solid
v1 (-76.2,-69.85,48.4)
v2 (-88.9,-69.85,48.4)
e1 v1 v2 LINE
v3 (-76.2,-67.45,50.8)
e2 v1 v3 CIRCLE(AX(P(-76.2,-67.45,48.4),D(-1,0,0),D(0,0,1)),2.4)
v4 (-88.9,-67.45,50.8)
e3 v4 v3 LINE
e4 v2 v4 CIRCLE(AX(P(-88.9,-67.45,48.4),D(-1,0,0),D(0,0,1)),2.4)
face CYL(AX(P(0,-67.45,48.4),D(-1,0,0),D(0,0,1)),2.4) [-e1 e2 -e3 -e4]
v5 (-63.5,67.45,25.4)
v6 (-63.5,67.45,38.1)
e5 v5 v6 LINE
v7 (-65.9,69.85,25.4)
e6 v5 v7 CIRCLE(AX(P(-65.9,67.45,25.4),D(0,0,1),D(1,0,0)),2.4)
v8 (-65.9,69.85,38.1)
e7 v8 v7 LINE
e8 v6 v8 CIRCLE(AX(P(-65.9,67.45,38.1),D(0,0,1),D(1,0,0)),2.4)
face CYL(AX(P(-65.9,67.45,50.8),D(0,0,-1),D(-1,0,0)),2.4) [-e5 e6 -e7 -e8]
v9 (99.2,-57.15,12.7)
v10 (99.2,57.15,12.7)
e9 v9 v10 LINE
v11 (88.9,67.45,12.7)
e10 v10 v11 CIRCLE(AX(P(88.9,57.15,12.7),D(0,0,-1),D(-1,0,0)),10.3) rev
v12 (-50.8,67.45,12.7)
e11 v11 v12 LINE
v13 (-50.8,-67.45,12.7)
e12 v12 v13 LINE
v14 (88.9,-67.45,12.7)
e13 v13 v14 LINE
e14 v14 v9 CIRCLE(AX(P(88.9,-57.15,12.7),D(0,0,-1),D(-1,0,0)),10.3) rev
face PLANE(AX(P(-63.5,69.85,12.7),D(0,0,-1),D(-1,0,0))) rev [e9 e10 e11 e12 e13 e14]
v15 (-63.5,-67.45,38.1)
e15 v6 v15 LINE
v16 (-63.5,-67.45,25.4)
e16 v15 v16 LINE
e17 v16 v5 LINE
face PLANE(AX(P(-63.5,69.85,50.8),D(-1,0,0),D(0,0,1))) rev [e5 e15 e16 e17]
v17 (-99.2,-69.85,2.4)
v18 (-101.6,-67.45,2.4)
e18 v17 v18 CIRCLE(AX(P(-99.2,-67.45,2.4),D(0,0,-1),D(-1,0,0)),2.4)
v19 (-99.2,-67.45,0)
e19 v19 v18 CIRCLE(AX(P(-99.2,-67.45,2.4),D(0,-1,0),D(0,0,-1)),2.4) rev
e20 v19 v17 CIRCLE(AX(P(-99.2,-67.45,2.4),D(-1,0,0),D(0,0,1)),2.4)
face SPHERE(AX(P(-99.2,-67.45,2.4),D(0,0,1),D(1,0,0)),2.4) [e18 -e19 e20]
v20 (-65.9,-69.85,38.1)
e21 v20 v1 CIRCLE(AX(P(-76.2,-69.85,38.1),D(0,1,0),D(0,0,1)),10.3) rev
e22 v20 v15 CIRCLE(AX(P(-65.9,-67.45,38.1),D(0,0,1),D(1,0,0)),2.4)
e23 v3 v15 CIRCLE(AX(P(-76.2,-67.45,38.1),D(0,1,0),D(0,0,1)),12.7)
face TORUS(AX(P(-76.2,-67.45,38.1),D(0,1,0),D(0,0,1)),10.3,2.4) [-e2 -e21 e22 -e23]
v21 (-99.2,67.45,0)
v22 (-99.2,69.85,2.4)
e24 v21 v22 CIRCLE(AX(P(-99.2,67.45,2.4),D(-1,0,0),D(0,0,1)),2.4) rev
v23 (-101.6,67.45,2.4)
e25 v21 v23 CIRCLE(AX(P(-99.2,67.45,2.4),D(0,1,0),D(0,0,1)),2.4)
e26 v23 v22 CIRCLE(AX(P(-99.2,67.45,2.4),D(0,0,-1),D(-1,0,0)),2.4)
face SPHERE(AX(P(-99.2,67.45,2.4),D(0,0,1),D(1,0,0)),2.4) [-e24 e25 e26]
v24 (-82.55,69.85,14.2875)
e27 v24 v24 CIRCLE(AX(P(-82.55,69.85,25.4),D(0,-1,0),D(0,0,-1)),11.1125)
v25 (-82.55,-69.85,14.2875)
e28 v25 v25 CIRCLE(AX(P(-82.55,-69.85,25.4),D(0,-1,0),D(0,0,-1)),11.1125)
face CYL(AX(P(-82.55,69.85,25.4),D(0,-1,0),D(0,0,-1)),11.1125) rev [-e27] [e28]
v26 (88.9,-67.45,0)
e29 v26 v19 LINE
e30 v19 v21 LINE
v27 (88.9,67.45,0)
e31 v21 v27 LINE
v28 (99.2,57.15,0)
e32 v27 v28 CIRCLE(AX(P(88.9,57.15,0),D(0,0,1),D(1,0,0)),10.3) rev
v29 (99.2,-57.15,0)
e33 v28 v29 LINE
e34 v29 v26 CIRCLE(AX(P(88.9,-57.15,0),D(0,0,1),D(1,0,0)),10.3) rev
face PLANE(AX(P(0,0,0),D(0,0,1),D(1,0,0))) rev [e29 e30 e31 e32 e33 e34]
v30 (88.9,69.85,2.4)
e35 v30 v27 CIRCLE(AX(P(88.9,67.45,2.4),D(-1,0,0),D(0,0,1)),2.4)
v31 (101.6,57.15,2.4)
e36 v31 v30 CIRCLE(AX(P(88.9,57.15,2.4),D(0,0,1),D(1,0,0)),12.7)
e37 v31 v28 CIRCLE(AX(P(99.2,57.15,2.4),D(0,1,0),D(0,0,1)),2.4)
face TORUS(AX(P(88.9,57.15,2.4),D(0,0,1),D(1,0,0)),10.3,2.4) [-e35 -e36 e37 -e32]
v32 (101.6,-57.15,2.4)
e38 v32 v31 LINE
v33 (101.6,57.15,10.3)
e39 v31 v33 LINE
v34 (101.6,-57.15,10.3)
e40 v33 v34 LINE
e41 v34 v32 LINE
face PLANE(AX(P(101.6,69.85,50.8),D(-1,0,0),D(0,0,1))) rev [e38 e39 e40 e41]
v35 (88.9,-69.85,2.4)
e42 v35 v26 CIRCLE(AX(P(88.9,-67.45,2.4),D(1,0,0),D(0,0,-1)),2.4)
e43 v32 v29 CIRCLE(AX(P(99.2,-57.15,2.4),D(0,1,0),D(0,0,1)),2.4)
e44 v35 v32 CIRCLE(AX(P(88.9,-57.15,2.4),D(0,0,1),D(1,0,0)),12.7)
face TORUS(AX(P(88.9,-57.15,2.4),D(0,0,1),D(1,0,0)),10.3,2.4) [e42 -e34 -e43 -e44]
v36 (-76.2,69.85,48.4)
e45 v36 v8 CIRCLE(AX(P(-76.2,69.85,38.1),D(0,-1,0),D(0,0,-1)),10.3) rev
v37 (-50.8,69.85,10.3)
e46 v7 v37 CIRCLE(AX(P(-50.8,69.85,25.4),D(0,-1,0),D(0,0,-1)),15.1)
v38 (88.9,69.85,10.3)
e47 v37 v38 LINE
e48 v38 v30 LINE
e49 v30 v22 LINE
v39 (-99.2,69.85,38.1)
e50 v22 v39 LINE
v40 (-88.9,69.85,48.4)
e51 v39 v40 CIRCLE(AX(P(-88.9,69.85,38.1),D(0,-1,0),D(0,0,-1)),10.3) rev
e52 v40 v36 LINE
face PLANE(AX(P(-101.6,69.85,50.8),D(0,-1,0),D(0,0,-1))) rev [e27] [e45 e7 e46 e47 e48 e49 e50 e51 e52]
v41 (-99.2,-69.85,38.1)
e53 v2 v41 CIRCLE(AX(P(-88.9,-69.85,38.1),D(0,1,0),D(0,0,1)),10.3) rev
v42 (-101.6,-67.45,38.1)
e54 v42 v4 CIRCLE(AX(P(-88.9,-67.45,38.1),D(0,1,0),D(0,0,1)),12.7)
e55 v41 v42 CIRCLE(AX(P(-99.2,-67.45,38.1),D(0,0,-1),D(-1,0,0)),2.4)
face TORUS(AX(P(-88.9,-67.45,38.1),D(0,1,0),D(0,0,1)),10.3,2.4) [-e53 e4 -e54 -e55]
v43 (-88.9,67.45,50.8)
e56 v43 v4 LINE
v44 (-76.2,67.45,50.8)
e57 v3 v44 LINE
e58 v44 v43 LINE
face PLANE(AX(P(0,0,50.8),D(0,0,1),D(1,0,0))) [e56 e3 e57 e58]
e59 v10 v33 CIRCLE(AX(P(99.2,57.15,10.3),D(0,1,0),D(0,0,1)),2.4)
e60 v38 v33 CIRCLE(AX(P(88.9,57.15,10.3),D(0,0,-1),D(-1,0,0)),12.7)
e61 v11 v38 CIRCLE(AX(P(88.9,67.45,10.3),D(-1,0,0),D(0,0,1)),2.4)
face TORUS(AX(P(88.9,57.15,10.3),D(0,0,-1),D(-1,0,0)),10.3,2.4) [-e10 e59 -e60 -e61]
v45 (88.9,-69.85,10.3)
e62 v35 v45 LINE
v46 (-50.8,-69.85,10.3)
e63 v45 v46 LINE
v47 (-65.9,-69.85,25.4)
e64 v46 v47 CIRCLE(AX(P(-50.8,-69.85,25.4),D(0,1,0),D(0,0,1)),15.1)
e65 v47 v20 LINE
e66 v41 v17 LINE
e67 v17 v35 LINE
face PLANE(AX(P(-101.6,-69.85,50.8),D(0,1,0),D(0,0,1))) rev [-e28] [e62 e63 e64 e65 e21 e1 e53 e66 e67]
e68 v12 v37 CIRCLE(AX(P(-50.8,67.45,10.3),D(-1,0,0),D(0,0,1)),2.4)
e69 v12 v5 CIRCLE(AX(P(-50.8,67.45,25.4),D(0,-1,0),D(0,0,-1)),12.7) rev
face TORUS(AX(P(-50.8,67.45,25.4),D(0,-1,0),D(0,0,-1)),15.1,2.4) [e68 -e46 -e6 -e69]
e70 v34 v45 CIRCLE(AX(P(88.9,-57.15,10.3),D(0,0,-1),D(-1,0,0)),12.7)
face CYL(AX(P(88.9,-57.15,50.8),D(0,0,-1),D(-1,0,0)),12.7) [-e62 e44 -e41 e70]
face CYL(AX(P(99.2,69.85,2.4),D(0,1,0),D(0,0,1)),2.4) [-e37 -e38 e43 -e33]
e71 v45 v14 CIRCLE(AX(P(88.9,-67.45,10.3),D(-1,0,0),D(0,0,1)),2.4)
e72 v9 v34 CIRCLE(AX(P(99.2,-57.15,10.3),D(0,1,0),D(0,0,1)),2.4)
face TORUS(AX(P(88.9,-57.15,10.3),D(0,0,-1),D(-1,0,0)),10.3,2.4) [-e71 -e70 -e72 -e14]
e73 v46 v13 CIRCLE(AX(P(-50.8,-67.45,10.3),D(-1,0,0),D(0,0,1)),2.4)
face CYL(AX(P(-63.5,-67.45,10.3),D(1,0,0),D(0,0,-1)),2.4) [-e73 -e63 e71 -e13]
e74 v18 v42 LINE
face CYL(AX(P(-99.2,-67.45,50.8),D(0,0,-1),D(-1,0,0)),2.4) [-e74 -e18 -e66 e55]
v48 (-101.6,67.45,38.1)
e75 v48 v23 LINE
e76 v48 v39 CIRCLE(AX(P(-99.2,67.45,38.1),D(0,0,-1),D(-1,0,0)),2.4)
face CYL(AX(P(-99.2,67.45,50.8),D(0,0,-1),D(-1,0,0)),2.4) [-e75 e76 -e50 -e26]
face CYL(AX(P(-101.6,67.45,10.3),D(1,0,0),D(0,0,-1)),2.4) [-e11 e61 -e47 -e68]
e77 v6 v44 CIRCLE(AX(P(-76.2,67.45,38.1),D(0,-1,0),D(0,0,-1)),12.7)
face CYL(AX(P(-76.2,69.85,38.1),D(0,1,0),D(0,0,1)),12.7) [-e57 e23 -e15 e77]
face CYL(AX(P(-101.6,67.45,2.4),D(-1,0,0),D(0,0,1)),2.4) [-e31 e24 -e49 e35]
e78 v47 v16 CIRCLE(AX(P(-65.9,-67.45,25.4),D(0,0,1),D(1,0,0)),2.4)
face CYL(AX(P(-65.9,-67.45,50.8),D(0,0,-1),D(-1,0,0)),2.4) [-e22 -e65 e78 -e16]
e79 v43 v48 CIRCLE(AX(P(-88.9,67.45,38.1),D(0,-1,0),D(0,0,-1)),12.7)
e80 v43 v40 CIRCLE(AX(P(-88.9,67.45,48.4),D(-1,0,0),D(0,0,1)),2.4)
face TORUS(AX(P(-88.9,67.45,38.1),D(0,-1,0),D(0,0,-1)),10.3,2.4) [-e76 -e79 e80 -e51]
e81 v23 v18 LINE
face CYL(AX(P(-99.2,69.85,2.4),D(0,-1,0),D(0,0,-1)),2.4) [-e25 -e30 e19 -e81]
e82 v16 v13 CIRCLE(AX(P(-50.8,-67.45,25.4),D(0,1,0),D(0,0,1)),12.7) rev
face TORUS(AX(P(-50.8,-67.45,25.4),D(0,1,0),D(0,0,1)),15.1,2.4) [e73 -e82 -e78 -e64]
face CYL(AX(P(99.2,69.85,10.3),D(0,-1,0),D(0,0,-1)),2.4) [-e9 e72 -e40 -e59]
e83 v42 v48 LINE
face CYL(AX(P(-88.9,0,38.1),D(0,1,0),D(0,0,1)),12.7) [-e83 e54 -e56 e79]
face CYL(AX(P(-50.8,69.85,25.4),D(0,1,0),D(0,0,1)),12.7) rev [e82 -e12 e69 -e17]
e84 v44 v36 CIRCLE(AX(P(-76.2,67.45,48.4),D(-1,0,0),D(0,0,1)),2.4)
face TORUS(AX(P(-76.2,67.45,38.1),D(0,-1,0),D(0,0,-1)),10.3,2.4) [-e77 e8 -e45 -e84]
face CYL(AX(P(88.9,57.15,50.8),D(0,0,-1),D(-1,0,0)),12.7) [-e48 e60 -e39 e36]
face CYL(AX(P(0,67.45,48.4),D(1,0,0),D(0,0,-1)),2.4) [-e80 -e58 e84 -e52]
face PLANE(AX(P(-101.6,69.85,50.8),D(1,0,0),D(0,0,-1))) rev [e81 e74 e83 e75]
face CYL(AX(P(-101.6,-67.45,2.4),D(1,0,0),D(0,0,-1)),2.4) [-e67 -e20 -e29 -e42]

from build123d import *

# Parameters (mm, degrees)
CROQUIS1_W              = 203.2
CROQUIS1_H              = 139.7
SALIENTE_EXTRUIR1_DEPTH = 50.8
CROQUIS2_W              = 165.1
CROQUIS2_H              = 38.1
CORTAR_EXTRUIR1_DEPTH   = 181.05357536
CROQUIS3_R              = 11.1125
CORTAR_EXTRUIR2_DEPTH   = 181.05357536
REDONDEO1_R             = 12.7
REDONDEO2_R             = 12.7
REDONDEO3_R             = 2.4


with BuildPart() as part:
    # Croquis1 → Saliente-Extruir1 (new body)
    with BuildSketch(Plane.XY):
        Rectangle(CROQUIS1_W, CROQUIS1_H)
    extrude(amount=SALIENTE_EXTRUIR1_DEPTH)

    # Croquis2 → Cortar-Extruir1 (cut, through all)
    with BuildSketch(Plane.XZ.offset(69.85)):
        with Locations((19.05, 31.75)):
            Rectangle(CROQUIS2_W, CROQUIS2_H)
    extrude(amount=-CORTAR_EXTRUIR1_DEPTH, mode=Mode.SUBTRACT)

    # Croquis3 → Cortar-Extruir2 (cut, through all)
    with BuildSketch(Plane.XZ.offset(69.85)):
        with Locations(Location((-82.55, 25.4, 0), (0, 0, 270))):
            Circle(CROQUIS3_R)
    extrude(amount=-CORTAR_EXTRUIR2_DEPTH, mode=Mode.SUBTRACT)

    # Redondeo1
    redondeo1_edges = [part.edges().sort_by_distance(p)[0] for p in [
        (-101.6, 0, 50.8),
        (-63.5, 0, 12.7),
        (-63.5, 0, 50.8),
    ]]
    fillet(redondeo1_edges, radius=REDONDEO1_R)

    # Redondeo2
    redondeo2_edges = [part.edges().sort_by_distance(p)[0] for p in [
        (101.6, -69.85, 6.35),
        (101.6, 69.85, 6.35),
    ]]
    fillet(redondeo2_edges, radius=REDONDEO2_R)

    # Redondeo3
    redondeo3_edges = [part.edges().sort_by_distance(p)[0] for p in [
        (-82.55, 69.85, 50.8),
        (-82.55, -69.85, 50.8),
        (19.05, -69.85, 12.7),
        (-63.5, -69.85, 31.75),
        (-101.6, -69.85, 19.05),
        (-67.219743879, -69.85, 47.080256121),
        (-97.880256121, -69.85, 47.080256121),
        (-101.6, 69.85, 19.05),
        (-63.5, 69.85, 31.75),
        (19.05, 69.85, 12.7),
        (-67.219743879, 69.85, 47.080256121),
        (-97.880256121, 69.85, 47.080256121),
        (-59.780256121, -69.85, 16.419743879),
        (-59.780256121, 69.85, 16.419743879),
        (-6.35, -69.85, 0),
        (-6.35, 69.85, 0),
        (101.6, 0, 0),
        (-101.6, 0, 0),
        (97.880256121, -66.130256121, 0),
        (97.880256121, 66.130256121, 0),
        (101.6, 0, 12.7),
        (97.880256121, -66.130256121, 12.7),
        (97.880256121, 66.130256121, 12.7),
    ]]
    fillet(redondeo3_edges, radius=REDONDEO3_R)


solid = part.part
